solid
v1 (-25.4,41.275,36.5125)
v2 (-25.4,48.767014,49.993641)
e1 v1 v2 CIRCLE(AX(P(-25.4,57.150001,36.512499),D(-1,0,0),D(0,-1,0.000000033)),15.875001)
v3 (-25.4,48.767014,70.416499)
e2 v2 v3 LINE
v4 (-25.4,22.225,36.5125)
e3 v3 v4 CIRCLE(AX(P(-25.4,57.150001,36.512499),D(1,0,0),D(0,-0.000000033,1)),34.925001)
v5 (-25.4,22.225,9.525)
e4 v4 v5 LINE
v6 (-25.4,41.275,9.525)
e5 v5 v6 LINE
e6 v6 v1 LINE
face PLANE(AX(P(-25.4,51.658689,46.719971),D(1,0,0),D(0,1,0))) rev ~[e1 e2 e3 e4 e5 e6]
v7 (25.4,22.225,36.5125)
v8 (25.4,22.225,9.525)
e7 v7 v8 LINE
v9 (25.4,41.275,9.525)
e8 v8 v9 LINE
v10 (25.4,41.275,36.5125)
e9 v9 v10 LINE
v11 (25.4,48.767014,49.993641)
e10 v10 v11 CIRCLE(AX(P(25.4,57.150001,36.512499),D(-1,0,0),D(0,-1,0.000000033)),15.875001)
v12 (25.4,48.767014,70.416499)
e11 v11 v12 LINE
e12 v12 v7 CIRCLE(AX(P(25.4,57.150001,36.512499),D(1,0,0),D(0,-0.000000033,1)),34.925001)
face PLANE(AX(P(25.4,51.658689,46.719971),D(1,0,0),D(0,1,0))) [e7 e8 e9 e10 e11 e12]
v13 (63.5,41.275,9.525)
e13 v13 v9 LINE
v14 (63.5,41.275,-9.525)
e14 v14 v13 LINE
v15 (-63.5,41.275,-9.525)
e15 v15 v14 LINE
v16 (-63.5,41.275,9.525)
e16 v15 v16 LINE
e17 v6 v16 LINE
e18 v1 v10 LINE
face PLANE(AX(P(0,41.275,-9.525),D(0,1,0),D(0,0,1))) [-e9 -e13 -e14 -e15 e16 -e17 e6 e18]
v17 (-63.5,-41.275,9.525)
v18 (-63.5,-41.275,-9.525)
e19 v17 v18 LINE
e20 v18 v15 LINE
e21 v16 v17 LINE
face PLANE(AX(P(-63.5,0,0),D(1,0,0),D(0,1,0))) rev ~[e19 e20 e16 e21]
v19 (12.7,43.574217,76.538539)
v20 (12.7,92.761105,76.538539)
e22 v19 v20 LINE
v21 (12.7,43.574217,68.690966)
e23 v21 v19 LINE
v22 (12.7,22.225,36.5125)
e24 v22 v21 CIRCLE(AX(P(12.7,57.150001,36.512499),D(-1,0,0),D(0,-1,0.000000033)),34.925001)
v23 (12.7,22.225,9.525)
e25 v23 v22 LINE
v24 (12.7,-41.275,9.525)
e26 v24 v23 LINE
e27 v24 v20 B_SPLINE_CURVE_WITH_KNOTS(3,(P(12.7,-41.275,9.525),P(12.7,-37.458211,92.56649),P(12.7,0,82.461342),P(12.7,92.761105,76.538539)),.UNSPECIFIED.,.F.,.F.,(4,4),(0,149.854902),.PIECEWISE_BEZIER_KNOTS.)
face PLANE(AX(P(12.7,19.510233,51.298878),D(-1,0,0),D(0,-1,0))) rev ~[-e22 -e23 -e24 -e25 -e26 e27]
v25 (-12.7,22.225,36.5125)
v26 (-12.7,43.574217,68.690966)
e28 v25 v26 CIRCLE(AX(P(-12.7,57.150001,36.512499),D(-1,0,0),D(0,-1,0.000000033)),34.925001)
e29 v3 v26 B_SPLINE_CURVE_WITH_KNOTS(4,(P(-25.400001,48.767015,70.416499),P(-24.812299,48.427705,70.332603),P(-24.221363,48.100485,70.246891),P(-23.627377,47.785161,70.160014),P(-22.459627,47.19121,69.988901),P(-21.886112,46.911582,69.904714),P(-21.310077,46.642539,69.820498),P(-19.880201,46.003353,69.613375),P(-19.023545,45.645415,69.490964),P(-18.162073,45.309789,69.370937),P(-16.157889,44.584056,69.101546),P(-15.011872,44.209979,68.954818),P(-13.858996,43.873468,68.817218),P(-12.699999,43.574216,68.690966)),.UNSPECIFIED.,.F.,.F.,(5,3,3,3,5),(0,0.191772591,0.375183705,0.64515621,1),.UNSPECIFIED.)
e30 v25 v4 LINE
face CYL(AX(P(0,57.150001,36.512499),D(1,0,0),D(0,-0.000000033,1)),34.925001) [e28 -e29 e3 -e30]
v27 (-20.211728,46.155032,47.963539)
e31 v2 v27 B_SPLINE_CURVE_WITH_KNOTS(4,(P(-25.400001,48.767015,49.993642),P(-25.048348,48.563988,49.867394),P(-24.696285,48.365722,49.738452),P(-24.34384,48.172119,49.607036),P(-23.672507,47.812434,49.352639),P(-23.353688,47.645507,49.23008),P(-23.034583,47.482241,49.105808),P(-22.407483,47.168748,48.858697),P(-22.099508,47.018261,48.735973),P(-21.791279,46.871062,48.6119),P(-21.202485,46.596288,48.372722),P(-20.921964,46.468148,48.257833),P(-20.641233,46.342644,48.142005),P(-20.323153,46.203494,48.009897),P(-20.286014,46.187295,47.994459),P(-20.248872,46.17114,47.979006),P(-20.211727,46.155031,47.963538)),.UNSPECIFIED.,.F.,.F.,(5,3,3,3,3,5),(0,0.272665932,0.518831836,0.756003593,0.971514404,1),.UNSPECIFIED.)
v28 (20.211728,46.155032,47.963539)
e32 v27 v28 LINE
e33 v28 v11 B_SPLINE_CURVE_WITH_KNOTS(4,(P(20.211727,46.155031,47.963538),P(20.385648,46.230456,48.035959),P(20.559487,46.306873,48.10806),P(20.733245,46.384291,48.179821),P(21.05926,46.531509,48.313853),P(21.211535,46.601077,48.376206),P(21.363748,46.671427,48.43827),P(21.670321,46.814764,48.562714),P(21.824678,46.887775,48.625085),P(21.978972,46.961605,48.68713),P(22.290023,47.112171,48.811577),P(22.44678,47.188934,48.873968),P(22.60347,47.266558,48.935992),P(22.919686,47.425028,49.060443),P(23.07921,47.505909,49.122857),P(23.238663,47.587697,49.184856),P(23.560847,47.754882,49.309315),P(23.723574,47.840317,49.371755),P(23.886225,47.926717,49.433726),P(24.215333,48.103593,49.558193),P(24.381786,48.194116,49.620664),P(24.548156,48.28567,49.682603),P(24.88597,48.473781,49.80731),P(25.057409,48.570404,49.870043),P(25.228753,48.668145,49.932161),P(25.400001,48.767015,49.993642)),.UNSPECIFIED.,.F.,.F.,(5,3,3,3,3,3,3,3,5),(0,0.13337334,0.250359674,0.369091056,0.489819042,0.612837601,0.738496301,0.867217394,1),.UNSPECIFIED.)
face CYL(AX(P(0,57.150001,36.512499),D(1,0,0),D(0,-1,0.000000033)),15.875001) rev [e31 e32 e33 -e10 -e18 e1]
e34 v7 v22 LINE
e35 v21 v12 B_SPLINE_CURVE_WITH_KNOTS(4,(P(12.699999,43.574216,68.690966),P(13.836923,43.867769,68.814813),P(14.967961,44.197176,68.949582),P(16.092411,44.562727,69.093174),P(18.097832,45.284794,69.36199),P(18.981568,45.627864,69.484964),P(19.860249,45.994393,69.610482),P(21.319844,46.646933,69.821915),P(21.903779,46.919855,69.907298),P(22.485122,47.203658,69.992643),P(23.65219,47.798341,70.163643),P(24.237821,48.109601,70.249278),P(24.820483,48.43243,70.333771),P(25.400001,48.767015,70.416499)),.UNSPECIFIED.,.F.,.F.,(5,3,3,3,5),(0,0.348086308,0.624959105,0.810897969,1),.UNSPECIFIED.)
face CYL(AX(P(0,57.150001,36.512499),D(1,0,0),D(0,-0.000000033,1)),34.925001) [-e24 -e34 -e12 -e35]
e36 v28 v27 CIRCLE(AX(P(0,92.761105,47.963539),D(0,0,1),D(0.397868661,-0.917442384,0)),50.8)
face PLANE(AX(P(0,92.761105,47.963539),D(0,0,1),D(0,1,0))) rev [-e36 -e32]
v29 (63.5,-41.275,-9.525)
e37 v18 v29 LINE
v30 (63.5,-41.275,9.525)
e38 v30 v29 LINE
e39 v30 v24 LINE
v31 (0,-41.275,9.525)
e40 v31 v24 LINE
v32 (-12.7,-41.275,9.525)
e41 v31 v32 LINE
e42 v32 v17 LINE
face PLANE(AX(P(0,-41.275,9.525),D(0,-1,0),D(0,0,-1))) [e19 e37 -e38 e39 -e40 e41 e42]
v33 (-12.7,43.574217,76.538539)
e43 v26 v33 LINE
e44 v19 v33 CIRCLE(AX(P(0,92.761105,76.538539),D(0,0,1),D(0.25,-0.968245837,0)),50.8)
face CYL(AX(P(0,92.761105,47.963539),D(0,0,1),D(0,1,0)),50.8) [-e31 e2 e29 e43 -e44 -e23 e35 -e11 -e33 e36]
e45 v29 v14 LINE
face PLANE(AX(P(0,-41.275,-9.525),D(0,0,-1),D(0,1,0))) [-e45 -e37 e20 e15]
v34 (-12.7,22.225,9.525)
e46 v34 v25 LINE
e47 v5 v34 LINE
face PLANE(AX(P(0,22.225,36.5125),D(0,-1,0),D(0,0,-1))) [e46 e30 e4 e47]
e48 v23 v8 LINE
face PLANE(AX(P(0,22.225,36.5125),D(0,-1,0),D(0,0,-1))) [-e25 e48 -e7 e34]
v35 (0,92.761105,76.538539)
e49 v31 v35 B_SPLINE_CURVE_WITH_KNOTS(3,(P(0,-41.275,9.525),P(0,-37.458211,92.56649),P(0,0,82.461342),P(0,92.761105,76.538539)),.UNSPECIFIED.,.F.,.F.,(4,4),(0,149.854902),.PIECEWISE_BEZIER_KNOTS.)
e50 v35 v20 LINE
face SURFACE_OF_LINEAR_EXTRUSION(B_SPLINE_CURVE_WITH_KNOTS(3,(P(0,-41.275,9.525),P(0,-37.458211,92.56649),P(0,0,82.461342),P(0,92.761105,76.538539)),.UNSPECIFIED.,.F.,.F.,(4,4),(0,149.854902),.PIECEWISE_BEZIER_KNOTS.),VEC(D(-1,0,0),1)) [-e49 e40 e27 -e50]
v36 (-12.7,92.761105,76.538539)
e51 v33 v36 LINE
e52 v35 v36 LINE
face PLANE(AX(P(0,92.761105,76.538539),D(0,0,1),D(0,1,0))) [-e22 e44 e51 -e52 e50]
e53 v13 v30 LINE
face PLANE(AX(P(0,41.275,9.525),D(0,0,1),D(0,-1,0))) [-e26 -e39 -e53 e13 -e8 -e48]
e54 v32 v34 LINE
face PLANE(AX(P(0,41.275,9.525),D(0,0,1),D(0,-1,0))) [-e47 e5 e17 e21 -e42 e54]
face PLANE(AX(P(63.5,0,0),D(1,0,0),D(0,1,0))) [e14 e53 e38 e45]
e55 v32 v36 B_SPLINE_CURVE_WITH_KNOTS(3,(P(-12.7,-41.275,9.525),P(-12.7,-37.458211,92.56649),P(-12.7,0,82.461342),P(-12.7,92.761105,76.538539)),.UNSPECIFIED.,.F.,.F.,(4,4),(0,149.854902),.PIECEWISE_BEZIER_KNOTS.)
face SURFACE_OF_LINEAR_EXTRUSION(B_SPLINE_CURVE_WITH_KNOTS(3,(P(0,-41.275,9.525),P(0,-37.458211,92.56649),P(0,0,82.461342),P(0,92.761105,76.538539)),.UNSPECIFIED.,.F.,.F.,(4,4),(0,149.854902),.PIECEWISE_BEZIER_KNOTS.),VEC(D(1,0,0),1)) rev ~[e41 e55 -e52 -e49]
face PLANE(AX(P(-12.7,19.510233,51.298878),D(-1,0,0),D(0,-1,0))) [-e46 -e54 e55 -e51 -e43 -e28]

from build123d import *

# Parameters (mm, degrees)
F1_DEPTH = 63.5
F2_DEPTH = 25.4
F3_DEPTH = 12.7


with BuildPart() as f1:
    # F0 (on Right) → F1 (new body, symmetric)
    with BuildSketch(Plane.YZ):
        Polygon((22.225, 9.525), (-41.275, 9.525), (-41.275, -9.525), (41.275, -9.525), (41.275, 9.525), align=None)
    extrude(amount=F1_DEPTH, both=True)

    # F0 (on Right) → F2 (join, symmetric)
    with BuildSketch(Plane.YZ):
        with BuildLine():
            Line((22.225, 36.5125), (22.225, 9.525))
            Line((22.225, 9.525), (41.275, 9.525))
            Line((41.275, 9.525), (41.275, 36.5125))
            ThreePointArc((41.275, 36.5125), (45.92468, 47.73782), (57.15, 52.3875))
            Line((57.15, 52.3875), (92.761105, 52.3875))
            Line((92.761105, 52.3875), (92.761105, 71.4375))
            Line((92.761105, 71.4375), (57.15, 71.4375))
            ThreePointArc((57.15, 71.4375), (32.454296, 61.208204), (22.225, 36.5125))
        make_face()
    extrude(amount=F2_DEPTH, both=True)

    # F0 (on Right) → F3 (join, symmetric)
    with BuildSketch(Plane.YZ):
        with BuildLine():
            add(Edge.make_bspline(
                [(-41.275, 9.525), (-37.458211, 92.56649), (0, 82.461342), (92.761105, 76.538539)],
                knots=[0, 0, 0, 0, 149.854902, 149.854902, 149.854902, 149.854902], degree=3))
            Line((-41.275, 9.525), (22.225, 9.525))
            Line((22.225, 9.525), (22.225, 36.5125))
            ThreePointArc((22.225, 36.5125), (32.454296, 61.208204), (57.15, 71.4375))
            Line((57.15, 71.4375), (92.761105, 71.4375))
            Line((92.761105, 71.4375), (92.761105, 76.538539))
        make_face()
    extrude(amount=F3_DEPTH, both=True)

    # F0 (on Right) → F4 (revolve)
    with BuildSketch(Plane.YZ):
        Polygon((143.561105, 76.538539), (92.761105, 76.538539), (92.761105, 71.4375), (92.761105, 52.3875), (92.761105, 47.963539), (143.561105, 47.963539), align=None)
    revolve(axis=Axis((0, 92.761105, 62.251039), (0, 0, 1)))


solid = f1.part
